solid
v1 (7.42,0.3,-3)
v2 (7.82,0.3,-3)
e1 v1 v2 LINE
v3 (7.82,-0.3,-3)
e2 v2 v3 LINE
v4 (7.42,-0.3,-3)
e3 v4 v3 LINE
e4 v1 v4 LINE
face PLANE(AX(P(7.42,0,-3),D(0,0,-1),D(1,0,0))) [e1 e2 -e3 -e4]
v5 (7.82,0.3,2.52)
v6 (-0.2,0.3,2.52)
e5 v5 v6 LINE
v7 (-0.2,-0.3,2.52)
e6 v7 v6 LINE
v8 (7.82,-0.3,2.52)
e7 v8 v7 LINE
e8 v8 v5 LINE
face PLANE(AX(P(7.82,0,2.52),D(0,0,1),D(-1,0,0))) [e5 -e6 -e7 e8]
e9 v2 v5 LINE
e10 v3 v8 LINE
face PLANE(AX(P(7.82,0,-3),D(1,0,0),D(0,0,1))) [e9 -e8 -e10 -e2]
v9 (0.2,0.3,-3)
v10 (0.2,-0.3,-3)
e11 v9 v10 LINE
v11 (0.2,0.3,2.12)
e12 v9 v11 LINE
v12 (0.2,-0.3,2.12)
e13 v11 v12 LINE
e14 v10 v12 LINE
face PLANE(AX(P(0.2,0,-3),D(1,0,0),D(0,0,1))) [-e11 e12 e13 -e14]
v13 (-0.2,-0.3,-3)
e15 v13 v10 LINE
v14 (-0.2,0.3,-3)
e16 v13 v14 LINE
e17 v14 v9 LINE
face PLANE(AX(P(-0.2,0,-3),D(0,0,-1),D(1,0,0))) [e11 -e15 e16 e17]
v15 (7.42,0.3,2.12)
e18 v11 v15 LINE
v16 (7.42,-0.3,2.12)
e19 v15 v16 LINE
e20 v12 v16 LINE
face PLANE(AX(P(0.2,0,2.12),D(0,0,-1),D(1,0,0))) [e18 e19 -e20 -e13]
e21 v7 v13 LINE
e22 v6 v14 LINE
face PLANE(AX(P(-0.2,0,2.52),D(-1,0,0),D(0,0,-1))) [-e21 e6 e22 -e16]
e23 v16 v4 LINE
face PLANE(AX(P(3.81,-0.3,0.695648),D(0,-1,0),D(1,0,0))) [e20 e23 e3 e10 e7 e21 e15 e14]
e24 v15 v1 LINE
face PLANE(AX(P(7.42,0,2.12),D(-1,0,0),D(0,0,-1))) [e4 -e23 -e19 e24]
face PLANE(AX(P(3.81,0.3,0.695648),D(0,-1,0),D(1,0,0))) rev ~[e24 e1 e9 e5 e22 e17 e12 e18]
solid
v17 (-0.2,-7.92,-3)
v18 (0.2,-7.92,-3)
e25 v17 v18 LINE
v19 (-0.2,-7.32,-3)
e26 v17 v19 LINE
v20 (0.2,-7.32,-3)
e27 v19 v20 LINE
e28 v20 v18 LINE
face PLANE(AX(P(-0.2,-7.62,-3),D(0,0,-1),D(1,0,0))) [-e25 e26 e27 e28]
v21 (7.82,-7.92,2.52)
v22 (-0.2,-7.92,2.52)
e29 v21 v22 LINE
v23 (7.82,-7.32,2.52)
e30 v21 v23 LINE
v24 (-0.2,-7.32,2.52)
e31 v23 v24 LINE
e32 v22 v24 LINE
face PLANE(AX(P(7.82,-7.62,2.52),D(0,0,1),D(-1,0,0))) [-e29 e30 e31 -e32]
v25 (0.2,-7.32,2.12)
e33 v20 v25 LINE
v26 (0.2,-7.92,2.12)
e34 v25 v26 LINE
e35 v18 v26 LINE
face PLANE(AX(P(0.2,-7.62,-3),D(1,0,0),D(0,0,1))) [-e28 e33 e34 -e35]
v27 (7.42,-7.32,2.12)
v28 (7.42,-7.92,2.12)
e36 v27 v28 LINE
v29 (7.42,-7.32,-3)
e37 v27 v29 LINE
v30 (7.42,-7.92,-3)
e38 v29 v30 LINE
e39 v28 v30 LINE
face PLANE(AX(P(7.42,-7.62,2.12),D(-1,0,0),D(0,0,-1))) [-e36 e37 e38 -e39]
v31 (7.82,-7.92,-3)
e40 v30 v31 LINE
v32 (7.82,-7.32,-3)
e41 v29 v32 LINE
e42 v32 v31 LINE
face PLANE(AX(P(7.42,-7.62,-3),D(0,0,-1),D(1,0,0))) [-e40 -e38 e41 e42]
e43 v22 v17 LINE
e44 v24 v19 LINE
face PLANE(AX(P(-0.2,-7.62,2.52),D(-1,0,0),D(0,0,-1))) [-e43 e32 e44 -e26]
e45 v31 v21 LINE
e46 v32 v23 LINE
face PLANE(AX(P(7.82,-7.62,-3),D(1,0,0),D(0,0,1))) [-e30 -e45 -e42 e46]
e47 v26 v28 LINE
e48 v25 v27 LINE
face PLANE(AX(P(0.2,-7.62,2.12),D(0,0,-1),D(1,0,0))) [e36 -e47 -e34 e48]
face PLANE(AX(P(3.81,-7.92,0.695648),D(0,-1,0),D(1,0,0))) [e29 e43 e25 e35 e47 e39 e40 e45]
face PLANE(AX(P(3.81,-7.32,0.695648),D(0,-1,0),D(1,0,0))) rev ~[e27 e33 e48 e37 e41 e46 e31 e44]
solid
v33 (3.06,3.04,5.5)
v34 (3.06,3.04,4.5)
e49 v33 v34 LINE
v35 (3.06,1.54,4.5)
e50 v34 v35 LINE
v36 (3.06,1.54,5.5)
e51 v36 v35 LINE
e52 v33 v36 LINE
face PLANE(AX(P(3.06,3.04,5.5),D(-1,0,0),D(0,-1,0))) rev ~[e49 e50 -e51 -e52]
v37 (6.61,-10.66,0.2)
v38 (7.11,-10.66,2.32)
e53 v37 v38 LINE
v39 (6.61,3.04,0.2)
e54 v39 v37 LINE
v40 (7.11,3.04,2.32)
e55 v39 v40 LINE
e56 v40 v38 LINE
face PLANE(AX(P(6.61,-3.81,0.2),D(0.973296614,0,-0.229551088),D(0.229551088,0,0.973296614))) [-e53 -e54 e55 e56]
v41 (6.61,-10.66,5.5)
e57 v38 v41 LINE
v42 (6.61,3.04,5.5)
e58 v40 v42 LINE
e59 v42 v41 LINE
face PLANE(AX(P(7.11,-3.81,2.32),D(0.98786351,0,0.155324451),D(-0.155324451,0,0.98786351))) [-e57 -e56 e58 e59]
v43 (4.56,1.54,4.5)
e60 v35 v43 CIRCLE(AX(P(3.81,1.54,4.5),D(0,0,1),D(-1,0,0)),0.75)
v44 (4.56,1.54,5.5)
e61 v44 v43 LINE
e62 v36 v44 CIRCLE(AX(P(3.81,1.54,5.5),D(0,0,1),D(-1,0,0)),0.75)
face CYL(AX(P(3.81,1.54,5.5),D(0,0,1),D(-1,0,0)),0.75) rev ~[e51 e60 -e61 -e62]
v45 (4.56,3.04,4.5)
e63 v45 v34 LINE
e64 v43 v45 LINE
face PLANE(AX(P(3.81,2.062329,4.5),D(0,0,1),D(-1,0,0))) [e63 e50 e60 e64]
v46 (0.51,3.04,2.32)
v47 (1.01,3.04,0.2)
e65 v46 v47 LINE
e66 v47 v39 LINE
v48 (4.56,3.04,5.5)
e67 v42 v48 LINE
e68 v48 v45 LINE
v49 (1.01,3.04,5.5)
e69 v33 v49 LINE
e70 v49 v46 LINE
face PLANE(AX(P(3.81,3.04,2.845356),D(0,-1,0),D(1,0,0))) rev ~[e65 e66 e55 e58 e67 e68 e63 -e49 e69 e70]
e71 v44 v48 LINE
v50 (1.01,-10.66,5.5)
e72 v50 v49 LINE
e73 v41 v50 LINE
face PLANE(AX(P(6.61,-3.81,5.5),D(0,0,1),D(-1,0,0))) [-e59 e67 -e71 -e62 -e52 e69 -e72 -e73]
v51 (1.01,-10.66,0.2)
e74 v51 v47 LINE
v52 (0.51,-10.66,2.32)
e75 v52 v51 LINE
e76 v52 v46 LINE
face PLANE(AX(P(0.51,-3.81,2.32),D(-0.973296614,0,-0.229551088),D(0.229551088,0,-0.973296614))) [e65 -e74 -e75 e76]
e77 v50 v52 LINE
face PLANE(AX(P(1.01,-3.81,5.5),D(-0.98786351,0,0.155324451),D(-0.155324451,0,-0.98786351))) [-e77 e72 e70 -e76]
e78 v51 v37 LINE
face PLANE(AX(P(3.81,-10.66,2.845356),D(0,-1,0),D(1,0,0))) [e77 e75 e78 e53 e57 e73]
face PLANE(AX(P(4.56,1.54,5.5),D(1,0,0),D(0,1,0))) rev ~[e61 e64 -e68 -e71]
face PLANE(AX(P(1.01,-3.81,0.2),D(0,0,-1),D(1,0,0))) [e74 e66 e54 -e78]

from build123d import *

# Parameters (mm, degrees)
PAD001_DEPTH = 0.3
PAD002_DEPTH = 0.3
PAD_DEPTH    = 6.85
POCKET_DEPTH = 1


with BuildPart() as pad001:
    # Sketch001 → Pad001 (new body, symmetric)
    with BuildSketch(Plane.XZ):
        Polygon((-0.2, -3), (0.2, -3), (0.2, 2.12), (7.42, 2.12), (7.42, -3), (7.82, -3), (7.82, 2.52), (-0.2, 2.52), align=None)
    extrude(amount=PAD001_DEPTH, both=True)


with BuildPart() as pad002:
    # Sketch002 → Pad002 (new body, symmetric)
    with BuildSketch(Plane.XZ.offset(7.62)):
        Polygon((-0.2, -3), (0.2, -3), (0.2, 2.12), (7.42, 2.12), (7.42, -3), (7.82, -3), (7.82, 2.52), (-0.2, 2.52), align=None)
    extrude(amount=PAD002_DEPTH, both=True)


with BuildPart() as pocket:
    # Sketch → Pad (new body, symmetric)
    with BuildSketch(Plane.XZ.offset(3.81)):
        Polygon((1.01, 0.2), (6.61, 0.2), (7.11, 2.32), (6.61, 5.5), (1.01, 5.5), (0.51, 2.32), align=None)
    extrude(amount=PAD_DEPTH, both=True)

    # Sketch003 → Pocket (cut)
    with BuildSketch(Plane(origin=(0, -3.81, 5.5), x_dir=(-1, 0, 0), z_dir=(0, 0, 1))):
        with BuildLine():
            ThreePointArc((-3.06, -5.35), (-3.81, -4.6), (-4.56, -5.35))
            Line((-4.56, -5.35), (-4.56, -6.85))
            Line((-4.56, -6.85), (-3.06, -6.85))
            Line((-3.06, -6.85), (-3.06, -5.35))
        make_face()
    extrude(amount=-POCKET_DEPTH, mode=Mode.SUBTRACT)


solid = Compound([pad001.part, pad002.part, pocket.part])
